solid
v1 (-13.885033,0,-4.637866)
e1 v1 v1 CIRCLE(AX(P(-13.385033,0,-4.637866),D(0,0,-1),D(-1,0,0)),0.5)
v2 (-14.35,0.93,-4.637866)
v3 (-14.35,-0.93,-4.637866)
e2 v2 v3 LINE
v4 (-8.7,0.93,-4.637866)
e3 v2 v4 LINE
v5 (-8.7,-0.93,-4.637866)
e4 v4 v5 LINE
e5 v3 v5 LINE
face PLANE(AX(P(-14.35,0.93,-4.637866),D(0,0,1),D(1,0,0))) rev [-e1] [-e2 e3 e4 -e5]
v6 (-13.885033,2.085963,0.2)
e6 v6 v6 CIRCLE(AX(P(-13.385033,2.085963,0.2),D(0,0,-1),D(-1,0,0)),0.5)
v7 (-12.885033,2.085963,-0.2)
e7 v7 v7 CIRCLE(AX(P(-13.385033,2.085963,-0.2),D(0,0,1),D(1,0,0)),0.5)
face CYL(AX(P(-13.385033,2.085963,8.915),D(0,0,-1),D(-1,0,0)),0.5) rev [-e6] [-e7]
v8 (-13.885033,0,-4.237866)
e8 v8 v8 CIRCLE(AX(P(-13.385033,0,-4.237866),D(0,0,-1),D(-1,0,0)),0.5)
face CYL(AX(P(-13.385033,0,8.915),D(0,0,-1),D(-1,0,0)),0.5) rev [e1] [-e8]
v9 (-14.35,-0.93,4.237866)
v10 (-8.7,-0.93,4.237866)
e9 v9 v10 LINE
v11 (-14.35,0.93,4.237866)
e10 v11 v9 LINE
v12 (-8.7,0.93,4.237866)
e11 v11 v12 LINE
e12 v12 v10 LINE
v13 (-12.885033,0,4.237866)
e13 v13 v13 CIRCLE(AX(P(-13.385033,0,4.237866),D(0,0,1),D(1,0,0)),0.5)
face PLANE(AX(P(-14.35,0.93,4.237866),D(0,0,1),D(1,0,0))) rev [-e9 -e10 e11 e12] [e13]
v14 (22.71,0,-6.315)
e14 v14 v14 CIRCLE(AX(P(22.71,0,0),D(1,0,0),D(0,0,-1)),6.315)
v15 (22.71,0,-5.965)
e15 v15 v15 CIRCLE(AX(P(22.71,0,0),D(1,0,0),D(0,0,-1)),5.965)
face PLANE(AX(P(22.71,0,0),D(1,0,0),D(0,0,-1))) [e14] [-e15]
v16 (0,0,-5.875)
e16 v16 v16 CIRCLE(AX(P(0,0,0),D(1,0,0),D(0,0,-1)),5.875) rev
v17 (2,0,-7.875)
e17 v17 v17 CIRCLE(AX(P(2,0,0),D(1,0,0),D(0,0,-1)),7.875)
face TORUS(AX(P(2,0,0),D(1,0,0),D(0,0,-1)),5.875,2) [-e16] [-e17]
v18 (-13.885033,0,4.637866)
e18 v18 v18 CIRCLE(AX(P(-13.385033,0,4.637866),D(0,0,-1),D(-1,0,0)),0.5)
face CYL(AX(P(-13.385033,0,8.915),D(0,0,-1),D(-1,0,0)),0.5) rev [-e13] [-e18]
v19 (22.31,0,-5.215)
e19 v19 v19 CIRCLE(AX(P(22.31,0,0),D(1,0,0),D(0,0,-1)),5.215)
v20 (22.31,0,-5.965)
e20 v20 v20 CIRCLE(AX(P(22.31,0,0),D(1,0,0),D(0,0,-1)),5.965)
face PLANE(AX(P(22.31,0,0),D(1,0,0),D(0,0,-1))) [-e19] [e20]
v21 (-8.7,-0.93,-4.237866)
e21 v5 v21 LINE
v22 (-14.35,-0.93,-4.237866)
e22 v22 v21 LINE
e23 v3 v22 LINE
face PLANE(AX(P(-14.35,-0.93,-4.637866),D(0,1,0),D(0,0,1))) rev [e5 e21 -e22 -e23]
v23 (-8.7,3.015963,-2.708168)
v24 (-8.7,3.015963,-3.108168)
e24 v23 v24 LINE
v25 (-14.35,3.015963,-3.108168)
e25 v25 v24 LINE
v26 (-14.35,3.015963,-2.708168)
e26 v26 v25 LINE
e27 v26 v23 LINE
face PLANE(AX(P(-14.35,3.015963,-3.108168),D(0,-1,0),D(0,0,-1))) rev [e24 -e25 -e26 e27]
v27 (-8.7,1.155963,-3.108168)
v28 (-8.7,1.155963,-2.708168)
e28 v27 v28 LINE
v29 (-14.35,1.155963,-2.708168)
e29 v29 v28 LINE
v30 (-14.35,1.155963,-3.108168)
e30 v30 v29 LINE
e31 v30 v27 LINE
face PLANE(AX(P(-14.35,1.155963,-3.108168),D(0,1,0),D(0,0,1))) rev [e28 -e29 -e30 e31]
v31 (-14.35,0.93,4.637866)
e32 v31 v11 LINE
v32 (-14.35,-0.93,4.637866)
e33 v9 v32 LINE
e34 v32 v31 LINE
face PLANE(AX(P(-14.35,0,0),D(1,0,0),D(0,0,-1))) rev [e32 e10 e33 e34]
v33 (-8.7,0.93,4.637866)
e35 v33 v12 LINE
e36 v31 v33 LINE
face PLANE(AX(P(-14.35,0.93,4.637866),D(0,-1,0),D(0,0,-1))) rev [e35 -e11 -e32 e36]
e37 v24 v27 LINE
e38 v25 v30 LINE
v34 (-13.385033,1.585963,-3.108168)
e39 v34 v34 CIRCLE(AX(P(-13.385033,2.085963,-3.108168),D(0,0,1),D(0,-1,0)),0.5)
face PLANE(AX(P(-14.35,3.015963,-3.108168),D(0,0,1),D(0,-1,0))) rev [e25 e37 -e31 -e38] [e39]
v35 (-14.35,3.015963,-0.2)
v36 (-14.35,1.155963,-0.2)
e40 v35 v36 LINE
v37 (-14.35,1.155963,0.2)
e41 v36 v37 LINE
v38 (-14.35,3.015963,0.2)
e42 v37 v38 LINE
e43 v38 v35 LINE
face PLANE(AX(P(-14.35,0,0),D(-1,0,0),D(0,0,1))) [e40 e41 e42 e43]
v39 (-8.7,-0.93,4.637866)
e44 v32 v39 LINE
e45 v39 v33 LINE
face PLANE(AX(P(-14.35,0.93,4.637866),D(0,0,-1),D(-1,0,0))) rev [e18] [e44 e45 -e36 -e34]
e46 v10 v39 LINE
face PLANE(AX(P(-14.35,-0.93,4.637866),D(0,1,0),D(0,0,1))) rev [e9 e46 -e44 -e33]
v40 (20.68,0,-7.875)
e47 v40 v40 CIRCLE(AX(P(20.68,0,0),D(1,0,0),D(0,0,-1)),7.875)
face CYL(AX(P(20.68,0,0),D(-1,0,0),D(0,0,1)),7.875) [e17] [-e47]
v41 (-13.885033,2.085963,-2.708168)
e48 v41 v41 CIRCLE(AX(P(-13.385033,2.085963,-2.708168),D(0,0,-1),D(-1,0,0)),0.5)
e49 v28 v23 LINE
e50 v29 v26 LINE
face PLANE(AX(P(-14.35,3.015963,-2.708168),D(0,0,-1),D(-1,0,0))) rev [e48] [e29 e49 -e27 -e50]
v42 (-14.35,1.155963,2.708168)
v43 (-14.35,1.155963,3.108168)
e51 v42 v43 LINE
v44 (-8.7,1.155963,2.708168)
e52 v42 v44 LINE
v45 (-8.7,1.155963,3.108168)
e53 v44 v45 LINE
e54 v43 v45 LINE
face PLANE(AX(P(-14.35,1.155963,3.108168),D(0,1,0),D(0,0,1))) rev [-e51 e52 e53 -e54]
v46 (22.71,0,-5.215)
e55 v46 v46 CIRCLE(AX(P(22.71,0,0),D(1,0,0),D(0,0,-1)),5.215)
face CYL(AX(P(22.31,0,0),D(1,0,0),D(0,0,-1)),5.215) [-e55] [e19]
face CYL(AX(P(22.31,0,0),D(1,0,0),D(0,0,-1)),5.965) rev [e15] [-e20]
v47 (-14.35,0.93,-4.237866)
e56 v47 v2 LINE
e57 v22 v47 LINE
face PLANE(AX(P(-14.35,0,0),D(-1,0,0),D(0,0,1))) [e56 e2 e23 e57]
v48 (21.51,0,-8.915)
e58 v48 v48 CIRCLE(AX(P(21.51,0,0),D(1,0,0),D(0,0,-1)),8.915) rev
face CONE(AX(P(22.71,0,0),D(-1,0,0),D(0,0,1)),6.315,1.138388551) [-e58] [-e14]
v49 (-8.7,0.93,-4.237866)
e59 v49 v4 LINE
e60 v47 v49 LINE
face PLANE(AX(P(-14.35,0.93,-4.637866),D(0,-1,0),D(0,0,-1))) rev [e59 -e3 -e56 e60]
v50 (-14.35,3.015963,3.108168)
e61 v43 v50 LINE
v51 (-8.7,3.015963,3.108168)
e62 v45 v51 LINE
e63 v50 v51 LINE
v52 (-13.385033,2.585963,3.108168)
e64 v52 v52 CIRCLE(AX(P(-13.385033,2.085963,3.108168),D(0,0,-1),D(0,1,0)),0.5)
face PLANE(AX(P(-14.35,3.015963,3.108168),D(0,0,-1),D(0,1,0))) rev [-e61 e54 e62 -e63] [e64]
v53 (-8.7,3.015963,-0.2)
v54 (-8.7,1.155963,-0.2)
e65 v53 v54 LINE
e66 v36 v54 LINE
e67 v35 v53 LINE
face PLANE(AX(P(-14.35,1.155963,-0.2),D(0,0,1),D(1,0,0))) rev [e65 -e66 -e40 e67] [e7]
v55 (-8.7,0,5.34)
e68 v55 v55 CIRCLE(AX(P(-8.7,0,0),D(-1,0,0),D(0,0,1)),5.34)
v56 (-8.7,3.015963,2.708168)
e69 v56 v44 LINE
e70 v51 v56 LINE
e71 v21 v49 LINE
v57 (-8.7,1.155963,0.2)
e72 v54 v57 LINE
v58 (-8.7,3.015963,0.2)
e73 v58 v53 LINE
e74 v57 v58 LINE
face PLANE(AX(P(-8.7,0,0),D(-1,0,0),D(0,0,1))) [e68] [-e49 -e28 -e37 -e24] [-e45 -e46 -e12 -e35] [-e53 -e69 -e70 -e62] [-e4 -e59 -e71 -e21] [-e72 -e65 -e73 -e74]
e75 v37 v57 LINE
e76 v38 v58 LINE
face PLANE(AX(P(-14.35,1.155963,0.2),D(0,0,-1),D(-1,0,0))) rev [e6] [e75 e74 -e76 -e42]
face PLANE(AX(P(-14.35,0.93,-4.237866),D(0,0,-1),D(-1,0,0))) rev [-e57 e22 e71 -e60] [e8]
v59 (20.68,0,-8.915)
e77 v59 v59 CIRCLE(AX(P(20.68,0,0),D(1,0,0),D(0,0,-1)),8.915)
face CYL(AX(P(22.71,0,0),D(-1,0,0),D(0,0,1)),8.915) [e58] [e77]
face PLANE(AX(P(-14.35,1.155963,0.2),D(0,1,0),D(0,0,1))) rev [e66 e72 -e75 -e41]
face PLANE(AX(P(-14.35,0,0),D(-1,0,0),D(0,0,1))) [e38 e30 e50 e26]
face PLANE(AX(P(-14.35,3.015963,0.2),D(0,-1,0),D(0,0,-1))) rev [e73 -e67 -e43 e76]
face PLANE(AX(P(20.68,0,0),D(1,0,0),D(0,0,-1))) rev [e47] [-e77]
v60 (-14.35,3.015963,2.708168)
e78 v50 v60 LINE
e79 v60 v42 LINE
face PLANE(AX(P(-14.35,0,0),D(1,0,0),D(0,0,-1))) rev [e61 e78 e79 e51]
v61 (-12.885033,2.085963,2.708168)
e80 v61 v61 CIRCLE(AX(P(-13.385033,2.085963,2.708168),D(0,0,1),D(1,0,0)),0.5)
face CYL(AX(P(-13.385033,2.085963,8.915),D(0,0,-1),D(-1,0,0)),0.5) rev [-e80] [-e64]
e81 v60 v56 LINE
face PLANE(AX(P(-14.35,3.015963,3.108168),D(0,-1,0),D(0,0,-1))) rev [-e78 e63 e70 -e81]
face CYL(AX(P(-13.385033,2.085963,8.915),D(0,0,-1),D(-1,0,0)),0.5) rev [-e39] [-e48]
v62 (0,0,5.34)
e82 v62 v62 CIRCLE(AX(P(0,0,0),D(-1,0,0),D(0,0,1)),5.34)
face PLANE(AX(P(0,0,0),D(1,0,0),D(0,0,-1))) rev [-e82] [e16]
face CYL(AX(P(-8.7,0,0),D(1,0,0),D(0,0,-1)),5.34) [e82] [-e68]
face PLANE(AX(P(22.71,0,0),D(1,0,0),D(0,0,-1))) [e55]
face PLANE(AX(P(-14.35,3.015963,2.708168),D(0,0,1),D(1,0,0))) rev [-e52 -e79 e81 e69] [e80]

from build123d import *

# Parameters (mm, degrees)
SKETCH1_R           = 7.875
BOSS_EXTRUDE1_DEPTH = 20.68
SKETCH2_R           = 8.915
BOSS_EXTRUDE2_DEPTH = 2.03
SKETCH3_R           = 5.965
SKETCH3_R_2         = 5.215
CUT_EXTRUDE1_DEPTH  = 0.4
CHAMFER1_SIZE       = 1.2
CHAMFER1_SIZE2      = 2.6
SKETCH4_R           = 5.34
BOSS_EXTRUDE3_DEPTH = 8.7
SKETCH5_W           = 0.4
SKETCH5_H           = 1.86
BOSS_EXTRUDE4_DEPTH = 5.65
SKETCH6_R           = 0.5
CUT_EXTRUDE2_DEPTH  = 14.552865697
FILLET1_R           = 2


with BuildPart() as part:
    # Sketch1 → Boss-Extrude1 (new body)
    with BuildSketch(Plane(origin=(0, 0, 0), x_dir=(0, 0, -1), z_dir=(1, 0, 0))):
        Circle(SKETCH1_R)
    extrude(amount=BOSS_EXTRUDE1_DEPTH)

    # Sketch2 → Boss-Extrude2 (add)
    with BuildSketch(Plane(origin=(20.68, 0, 0), x_dir=(0, 0, -1), z_dir=(1, 0, 0))):
        Circle(SKETCH2_R)
    extrude(amount=BOSS_EXTRUDE2_DEPTH)

    # Sketch3 → Cut-Extrude1 (cut)
    with BuildSketch(Plane(origin=(22.71, 0, 0), x_dir=(0, 0, -1), z_dir=(1, 0, 0))):
        Circle(SKETCH3_R)
        Circle(SKETCH3_R_2, mode=Mode.SUBTRACT)
    extrude(amount=-CUT_EXTRUDE1_DEPTH, mode=Mode.SUBTRACT)

    # Chamfer1
    chamfer1_edges = [part.edges().sort_by_distance(p)[0] for p in [
        (22.71, 0, 8.915),
    ]]
    chamfer1_side = [part.faces().sort_by_distance(p)[0] for p in [
        (21.695, 0, 8.915),
    ]]
    chamfer(chamfer1_edges, length=CHAMFER1_SIZE, length2=CHAMFER1_SIZE2, reference=chamfer1_side[0])

    # Sketch4 → Boss-Extrude3 (add)
    with BuildSketch(Plane.ZY):
        Circle(SKETCH4_R)
    extrude(amount=BOSS_EXTRUDE3_DEPTH)

    # Sketch5 → Boss-Extrude4 (add)
    with BuildSketch(Plane.ZY.offset(8.7)):
        with Locations((-2.90816811, 2.08596309)):
            Rectangle(SKETCH5_W, SKETCH5_H)
        with Locations((0, 2.08596309)):
            Rectangle(SKETCH5_W, SKETCH5_H)
        with Locations((2.90816811, 2.08596309)):
            Rectangle(SKETCH5_W, SKETCH5_H)
        with Locations((4.437865697, 0)):
            Rectangle(SKETCH5_W, SKETCH5_H)
        with Locations((-4.437865697, 0)):
            Rectangle(SKETCH5_W, SKETCH5_H)
    extrude(amount=BOSS_EXTRUDE4_DEPTH)

    # Sketch6 → Cut-Extrude2 (cut, through all)
    with BuildSketch(Plane(origin=(0, 0, -4.637865697), x_dir=(-1, 0, 0), z_dir=(0, 0, -1))):
        with Locations((13.385032673, 0)):
            Circle(SKETCH6_R)
        with Locations((13.385032673, 2.08596309)):
            Circle(SKETCH6_R)
    extrude(amount=-CUT_EXTRUDE2_DEPTH, mode=Mode.SUBTRACT)

    # Fillet1
    fillet1_edges = [part.edges().sort_by_distance(p)[0] for p in [
        (0, 0, 7.875),
    ]]
    fillet(fillet1_edges, radius=FILLET1_R)


solid = part.part
